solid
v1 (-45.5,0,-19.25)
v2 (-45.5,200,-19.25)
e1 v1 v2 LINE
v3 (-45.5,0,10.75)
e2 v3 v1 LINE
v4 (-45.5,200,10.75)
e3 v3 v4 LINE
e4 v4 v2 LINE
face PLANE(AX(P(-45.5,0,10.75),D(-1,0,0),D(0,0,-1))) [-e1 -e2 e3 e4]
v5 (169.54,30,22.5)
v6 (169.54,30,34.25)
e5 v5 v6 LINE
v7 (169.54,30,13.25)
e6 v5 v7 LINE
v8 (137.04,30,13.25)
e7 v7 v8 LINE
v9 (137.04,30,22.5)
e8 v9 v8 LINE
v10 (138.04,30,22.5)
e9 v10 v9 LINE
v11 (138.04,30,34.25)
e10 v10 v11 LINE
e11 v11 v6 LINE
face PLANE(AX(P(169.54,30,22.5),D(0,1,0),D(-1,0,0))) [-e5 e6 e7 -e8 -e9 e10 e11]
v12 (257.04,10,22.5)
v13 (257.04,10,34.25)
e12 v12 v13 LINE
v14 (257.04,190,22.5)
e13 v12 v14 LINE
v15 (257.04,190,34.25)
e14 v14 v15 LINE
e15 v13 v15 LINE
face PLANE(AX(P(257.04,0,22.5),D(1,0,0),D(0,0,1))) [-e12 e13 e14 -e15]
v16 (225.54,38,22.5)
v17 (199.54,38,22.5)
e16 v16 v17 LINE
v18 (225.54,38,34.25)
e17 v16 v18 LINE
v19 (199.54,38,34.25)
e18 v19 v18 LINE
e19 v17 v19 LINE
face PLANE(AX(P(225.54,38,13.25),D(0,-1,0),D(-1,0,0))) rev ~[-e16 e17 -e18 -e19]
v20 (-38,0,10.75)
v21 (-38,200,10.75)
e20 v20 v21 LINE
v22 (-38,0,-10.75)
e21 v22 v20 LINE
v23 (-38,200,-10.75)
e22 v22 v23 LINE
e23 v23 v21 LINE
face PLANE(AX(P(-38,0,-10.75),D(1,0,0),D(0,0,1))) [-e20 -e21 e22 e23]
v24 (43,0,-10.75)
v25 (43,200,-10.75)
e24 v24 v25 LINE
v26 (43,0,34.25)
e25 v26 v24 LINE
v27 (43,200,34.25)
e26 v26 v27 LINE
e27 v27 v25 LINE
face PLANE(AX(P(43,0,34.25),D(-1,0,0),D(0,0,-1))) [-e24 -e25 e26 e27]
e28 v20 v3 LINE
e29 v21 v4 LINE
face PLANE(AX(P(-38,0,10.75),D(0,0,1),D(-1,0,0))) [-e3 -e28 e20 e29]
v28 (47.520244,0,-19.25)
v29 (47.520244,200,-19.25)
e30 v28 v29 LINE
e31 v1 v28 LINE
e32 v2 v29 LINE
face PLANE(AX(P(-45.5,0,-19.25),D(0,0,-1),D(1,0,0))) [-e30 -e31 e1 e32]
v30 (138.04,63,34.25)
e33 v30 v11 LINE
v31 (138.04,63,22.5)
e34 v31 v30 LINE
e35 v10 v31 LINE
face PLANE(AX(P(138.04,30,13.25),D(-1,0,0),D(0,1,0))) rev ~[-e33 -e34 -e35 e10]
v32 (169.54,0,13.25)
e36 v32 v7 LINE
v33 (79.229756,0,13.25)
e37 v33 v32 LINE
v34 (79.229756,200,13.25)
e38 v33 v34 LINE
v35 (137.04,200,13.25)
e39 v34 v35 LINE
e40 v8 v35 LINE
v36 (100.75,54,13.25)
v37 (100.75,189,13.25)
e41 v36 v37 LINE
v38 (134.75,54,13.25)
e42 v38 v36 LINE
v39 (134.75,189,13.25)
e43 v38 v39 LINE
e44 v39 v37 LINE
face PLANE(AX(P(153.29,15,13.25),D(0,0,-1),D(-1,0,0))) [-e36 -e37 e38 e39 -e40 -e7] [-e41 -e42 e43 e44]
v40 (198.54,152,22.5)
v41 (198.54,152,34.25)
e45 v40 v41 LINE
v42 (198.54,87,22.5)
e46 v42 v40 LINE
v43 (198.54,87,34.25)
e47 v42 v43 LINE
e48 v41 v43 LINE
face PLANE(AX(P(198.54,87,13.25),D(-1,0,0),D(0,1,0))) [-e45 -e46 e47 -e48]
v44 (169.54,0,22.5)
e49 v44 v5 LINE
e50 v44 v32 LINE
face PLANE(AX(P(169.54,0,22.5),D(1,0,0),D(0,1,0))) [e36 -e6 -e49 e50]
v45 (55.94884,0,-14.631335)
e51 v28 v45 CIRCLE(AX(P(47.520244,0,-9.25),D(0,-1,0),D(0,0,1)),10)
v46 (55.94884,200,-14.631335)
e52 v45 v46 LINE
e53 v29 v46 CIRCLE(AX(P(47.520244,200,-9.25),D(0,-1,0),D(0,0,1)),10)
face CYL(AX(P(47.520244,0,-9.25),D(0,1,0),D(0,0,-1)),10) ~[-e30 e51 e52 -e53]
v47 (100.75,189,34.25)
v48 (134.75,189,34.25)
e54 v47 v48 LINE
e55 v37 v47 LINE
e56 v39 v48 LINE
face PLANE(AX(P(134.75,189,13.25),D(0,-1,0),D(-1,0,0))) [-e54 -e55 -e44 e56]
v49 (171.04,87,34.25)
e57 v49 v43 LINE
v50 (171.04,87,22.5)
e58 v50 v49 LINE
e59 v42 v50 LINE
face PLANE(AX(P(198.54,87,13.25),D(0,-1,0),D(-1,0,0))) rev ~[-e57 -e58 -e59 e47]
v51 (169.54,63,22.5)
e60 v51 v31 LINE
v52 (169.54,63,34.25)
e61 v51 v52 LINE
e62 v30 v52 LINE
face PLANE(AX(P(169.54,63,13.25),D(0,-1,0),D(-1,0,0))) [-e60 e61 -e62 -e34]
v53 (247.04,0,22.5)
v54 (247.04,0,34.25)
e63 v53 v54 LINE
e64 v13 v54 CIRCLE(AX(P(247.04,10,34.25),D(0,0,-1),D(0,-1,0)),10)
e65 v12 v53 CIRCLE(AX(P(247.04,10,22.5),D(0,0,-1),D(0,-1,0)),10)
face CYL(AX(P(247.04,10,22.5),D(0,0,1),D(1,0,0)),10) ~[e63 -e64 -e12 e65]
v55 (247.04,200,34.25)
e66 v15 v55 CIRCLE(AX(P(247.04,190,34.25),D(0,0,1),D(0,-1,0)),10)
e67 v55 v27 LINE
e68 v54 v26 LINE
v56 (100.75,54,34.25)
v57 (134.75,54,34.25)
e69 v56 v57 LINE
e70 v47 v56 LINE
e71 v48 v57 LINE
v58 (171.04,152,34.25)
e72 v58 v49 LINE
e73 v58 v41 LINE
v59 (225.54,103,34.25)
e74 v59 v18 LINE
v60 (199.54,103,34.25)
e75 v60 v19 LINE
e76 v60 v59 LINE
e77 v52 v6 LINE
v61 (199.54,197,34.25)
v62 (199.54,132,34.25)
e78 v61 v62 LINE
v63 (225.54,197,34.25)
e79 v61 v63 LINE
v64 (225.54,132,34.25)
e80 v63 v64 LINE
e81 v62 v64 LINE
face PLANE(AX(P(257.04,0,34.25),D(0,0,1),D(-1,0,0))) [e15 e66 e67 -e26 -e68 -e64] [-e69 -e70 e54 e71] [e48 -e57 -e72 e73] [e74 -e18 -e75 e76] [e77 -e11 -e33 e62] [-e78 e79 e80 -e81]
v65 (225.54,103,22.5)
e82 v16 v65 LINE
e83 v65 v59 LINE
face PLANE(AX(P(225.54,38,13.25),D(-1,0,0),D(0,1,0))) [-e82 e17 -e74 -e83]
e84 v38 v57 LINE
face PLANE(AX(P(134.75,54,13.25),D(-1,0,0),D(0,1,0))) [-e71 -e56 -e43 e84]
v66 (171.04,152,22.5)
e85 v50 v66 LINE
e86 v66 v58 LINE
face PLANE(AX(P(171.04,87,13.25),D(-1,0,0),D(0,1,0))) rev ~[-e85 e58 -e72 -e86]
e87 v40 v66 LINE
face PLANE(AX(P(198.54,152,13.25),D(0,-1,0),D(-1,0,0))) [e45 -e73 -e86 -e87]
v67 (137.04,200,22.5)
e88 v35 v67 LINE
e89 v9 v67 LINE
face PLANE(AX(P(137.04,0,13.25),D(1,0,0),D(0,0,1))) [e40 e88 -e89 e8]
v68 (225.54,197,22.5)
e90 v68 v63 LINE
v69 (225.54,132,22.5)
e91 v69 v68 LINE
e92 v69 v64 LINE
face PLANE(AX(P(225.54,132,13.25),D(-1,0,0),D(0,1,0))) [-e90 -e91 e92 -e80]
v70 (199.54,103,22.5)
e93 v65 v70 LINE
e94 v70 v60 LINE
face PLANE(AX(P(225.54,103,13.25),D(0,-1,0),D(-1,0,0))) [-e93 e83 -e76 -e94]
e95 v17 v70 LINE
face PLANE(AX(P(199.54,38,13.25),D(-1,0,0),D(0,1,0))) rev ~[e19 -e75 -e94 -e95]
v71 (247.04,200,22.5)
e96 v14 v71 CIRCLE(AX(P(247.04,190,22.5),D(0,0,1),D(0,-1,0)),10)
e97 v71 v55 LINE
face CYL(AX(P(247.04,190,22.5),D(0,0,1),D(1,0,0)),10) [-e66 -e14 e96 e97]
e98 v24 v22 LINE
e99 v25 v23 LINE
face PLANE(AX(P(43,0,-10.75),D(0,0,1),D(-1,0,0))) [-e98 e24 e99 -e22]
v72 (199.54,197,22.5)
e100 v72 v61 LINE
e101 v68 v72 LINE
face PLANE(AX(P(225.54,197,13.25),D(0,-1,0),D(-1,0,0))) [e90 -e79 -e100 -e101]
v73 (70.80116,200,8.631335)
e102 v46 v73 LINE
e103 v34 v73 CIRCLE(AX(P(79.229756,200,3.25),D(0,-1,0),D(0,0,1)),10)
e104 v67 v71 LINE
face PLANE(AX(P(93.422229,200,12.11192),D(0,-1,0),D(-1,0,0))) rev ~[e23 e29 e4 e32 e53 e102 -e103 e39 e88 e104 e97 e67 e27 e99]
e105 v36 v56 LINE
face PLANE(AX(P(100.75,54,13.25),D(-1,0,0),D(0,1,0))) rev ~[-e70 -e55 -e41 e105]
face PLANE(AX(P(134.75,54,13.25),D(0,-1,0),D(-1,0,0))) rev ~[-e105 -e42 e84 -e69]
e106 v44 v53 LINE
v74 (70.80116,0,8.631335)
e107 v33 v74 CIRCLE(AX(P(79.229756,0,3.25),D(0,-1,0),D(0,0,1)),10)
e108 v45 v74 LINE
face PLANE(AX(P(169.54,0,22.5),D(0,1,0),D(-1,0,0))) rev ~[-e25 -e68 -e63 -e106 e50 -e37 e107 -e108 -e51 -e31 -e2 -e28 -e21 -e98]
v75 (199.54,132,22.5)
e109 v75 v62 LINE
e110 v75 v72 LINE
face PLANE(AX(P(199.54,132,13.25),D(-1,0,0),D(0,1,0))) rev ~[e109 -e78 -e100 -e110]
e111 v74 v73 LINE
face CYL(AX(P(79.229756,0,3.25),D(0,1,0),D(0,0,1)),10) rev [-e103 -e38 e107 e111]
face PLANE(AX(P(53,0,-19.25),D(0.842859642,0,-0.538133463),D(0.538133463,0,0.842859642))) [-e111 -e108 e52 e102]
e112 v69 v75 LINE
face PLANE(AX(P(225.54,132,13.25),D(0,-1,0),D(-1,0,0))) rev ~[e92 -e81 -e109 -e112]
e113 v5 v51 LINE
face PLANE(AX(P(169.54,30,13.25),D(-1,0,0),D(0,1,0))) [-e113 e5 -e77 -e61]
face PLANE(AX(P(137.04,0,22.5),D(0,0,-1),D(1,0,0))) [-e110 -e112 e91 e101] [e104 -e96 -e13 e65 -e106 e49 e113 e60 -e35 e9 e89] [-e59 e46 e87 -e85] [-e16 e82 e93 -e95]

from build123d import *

# Parameters (mm, degrees)
BOSS_EXTRUDE1_DEPTH = 200
SKETCH2_W           = 34
SKETCH2_H           = 135
SKETCH2_W_2         = 26
SKETCH2_H_2         = 65
SKETCH2_W_3         = 27.5
SKETCH2_W_4         = 31.5
SKETCH2_H_3         = 33
CUT_EXTRUDE1_DEPTH  = 200
SKETCH3_W           = 32.5
SKETCH3_H           = 30
BOSS_EXTRUDE2_DEPTH = 9.25
FILLET1_R           = 10


with BuildPart() as part:
    # Sketch1 → Boss-Extrude1 (new body)
    with BuildSketch(Plane(origin=(0, 0, 0), x_dir=(1, 0, 0), z_dir=(0, 1, 0))):
        Polygon((-38, -10.75), (-45.5, -10.75), (-45.5, 19.25), (53, 19.25), (73.75, -13.25), (137.04, -13.25), (137.04, -22.5), (257.04, -22.5), (257.04, -34.25), (43, -34.25), (43, 10.75), (-38, 10.75), align=None)
    extrude(amount=BOSS_EXTRUDE1_DEPTH)

    # Sketch2 → Cut-Extrude1 (cut)
    with BuildSketch(Plane(origin=(0, 0, 13.25), x_dir=(-1, 0, 0), z_dir=(0, 0, -1))):
        with Locations((-117.75, 121.5)):
            Rectangle(SKETCH2_W, SKETCH2_H)
        with Locations((-212.54, 164.5)):
            Rectangle(SKETCH2_W_2, SKETCH2_H_2)
        with Locations((-212.54, 70.5)):
            Rectangle(SKETCH2_W_2, SKETCH2_H_2)
        with Locations((-184.79, 119.5)):
            Rectangle(SKETCH2_W_3, SKETCH2_H_2)
        with Locations((-153.79, 46.5)):
            Rectangle(SKETCH2_W_4, SKETCH2_H_3)
    extrude(amount=-CUT_EXTRUDE1_DEPTH, mode=Mode.SUBTRACT)

    # Sketch3 → Boss-Extrude2 (add)
    with BuildSketch(Plane(origin=(0, 0, 22.5), x_dir=(-1, 0, 0), z_dir=(0, 0, -1))):
        with Locations((-153.29, 15)):
            Rectangle(SKETCH3_W, SKETCH3_H)
    extrude(amount=BOSS_EXTRUDE2_DEPTH)

    # Fillet1
    fillet1_edges = [part.edges().sort_by_distance(p)[0] for p in [
        (257.04, 0, 28.375),
        (257.04, 200, 28.375),
        (53, 100, -19.25),
        (73.75, 100, 13.25),
    ]]
    fillet(fillet1_edges, radius=FILLET1_R)


solid = part.part
